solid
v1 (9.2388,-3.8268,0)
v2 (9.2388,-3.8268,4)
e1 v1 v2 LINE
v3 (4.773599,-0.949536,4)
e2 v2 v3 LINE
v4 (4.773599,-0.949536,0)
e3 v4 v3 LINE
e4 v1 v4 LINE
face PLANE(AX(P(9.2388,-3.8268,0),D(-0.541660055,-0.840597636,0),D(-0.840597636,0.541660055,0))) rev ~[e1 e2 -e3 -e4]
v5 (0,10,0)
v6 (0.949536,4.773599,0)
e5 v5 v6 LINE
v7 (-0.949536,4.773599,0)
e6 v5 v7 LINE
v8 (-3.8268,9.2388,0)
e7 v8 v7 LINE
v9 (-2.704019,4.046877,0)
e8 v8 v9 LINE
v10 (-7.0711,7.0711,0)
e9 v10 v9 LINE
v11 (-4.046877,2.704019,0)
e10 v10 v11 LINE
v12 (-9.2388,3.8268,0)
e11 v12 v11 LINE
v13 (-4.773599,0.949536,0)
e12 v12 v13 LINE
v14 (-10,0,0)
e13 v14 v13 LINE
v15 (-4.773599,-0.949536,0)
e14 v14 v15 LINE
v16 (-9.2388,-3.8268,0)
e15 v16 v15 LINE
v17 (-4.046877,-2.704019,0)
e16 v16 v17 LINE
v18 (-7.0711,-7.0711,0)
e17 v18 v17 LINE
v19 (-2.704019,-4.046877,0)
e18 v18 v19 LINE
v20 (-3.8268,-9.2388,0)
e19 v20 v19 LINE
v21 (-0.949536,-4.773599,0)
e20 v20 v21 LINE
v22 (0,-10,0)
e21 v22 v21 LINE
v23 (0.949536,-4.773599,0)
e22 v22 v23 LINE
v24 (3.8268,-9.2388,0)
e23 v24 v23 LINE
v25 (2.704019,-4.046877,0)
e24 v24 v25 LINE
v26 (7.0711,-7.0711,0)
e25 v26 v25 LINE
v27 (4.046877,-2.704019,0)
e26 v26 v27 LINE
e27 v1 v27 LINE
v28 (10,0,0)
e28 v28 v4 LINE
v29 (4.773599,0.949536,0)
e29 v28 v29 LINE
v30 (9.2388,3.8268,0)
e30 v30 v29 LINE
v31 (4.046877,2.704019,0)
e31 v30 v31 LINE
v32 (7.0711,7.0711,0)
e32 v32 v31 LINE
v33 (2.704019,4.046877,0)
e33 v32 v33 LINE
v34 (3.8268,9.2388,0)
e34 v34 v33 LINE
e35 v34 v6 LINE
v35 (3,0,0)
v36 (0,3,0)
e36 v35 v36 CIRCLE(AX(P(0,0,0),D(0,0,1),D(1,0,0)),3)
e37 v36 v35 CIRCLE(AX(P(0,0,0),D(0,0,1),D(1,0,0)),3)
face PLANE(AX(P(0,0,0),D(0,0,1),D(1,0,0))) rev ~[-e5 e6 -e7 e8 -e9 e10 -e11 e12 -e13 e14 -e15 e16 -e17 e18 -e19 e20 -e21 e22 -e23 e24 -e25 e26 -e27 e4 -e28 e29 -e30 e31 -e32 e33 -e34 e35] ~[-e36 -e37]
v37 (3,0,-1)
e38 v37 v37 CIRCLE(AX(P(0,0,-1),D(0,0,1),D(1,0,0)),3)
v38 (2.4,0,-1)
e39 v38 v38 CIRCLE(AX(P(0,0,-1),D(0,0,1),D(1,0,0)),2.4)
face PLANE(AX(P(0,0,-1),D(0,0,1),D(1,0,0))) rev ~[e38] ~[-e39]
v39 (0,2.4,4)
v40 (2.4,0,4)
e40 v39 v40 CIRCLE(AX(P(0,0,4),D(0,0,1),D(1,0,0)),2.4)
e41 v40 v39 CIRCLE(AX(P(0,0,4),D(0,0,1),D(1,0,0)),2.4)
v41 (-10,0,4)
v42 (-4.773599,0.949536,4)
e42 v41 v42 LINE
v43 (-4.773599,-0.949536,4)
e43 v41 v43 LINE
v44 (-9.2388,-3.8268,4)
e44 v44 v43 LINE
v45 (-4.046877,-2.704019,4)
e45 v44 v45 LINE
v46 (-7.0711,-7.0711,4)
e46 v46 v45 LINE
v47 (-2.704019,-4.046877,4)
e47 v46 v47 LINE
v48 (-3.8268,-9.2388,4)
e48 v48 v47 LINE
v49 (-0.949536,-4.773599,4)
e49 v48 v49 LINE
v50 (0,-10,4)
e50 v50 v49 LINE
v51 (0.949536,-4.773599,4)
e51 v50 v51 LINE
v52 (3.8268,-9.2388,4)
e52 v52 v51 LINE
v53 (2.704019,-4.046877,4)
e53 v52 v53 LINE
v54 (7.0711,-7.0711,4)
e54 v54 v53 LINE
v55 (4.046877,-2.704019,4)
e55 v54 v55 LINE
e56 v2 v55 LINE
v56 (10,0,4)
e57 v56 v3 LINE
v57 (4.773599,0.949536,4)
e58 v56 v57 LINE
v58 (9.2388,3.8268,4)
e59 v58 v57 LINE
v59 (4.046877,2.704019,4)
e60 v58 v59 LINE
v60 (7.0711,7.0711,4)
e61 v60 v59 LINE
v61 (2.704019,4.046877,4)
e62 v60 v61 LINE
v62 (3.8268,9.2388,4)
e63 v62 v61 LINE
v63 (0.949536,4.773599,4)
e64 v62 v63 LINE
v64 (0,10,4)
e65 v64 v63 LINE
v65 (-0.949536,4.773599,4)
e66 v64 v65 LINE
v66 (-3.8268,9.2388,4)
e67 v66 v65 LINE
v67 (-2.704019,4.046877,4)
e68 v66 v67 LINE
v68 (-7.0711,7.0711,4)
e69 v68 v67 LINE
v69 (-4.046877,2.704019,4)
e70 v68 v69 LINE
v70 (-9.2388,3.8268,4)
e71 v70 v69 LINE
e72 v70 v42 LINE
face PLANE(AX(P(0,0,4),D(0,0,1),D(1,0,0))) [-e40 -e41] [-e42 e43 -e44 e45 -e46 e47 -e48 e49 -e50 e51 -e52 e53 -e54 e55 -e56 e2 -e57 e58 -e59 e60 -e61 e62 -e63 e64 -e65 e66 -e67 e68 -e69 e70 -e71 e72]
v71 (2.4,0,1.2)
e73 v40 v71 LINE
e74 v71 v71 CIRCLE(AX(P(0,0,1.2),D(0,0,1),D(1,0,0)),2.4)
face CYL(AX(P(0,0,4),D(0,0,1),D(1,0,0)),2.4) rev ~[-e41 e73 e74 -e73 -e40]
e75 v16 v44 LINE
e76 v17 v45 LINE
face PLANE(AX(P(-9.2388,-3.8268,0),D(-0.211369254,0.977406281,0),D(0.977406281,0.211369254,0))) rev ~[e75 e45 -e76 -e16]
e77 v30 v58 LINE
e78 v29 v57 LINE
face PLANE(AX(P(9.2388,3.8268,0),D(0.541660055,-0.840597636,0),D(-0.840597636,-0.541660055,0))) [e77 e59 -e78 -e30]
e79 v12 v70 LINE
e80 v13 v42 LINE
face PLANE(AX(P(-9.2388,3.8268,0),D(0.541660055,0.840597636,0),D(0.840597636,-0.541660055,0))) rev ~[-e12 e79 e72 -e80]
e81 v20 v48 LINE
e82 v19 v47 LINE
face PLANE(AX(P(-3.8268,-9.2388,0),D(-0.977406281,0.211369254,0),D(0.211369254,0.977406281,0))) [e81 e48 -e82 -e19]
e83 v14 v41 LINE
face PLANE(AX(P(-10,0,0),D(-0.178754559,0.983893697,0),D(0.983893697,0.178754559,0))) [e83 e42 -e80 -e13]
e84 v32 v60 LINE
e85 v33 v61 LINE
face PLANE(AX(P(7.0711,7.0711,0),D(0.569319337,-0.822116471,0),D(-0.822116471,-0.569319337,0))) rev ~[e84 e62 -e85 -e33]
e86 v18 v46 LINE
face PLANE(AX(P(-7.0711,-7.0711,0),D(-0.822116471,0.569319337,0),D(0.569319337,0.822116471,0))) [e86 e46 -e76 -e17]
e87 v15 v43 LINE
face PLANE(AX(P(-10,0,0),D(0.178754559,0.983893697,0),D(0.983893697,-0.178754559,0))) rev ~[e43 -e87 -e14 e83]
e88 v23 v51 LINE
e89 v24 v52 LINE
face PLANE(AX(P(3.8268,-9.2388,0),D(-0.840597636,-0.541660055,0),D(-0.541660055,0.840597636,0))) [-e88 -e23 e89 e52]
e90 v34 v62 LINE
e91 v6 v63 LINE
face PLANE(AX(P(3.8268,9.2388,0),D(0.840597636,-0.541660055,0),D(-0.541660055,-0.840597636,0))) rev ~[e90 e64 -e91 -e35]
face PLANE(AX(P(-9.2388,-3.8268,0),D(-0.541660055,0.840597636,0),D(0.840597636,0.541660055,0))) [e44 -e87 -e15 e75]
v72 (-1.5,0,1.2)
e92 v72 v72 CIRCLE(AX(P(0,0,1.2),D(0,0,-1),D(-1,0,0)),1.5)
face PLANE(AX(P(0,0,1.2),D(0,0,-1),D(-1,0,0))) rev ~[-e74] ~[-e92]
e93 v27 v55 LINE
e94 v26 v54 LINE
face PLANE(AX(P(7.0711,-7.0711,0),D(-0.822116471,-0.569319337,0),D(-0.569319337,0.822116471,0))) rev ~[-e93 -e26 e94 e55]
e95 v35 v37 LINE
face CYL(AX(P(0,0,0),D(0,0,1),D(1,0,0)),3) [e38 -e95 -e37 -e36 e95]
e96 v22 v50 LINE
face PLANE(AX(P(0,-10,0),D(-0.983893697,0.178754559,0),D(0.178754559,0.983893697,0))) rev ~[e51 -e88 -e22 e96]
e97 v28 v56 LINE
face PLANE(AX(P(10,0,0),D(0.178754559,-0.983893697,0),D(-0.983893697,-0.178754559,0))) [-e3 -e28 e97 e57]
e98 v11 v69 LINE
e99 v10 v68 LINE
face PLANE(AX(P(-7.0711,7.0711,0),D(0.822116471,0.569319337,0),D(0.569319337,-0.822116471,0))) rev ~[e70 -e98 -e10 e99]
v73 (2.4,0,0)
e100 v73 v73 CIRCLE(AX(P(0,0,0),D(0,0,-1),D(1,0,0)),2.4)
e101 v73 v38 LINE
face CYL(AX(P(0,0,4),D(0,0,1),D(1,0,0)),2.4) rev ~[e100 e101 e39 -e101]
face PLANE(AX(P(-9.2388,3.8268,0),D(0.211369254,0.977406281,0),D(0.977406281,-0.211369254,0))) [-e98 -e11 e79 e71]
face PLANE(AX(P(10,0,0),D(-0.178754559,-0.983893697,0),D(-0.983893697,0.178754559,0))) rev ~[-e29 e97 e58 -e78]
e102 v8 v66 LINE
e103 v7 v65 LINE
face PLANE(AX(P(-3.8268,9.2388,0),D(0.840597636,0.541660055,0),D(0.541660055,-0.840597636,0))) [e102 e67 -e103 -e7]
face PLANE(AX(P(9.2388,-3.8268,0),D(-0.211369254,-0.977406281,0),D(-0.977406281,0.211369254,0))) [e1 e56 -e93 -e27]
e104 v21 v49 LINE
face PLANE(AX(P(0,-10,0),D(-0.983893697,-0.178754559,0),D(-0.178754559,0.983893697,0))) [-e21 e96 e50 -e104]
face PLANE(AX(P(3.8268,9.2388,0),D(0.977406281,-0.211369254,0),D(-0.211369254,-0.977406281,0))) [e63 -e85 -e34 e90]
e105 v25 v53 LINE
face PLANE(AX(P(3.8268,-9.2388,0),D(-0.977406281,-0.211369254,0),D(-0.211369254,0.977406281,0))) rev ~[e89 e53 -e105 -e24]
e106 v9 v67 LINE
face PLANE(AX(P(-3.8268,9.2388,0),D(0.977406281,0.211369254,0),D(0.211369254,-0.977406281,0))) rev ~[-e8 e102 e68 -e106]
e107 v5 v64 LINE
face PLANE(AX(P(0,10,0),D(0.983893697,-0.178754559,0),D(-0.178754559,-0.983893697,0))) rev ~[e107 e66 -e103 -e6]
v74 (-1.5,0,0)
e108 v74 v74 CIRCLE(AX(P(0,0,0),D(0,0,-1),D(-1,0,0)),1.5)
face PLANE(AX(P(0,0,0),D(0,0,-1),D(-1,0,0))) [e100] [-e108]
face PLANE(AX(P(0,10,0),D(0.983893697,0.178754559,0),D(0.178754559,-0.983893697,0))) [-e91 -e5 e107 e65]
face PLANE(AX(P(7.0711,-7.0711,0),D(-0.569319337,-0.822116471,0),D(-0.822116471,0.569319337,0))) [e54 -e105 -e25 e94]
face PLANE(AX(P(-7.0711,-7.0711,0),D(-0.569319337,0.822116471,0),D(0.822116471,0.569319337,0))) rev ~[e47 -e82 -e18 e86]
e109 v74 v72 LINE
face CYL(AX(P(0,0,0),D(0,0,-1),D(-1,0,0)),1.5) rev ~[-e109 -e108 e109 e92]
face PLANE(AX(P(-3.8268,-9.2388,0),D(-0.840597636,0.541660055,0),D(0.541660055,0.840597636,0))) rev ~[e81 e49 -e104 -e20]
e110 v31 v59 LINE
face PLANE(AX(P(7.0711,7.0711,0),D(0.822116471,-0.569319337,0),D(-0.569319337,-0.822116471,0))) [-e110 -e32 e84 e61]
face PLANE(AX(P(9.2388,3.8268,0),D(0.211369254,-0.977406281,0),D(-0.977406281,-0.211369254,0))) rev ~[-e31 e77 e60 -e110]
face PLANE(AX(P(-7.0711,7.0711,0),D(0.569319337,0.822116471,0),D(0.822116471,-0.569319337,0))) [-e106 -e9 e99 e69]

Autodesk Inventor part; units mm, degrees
ref_plane "YZ Plane" through (0, 0, 0) normal (1, 0, 0) x (0, 1, 0)
ref_plane "XZ Plane" through (0, 0, 0) normal (0, 1, 0) x (-1, 0, 0)
ref_plane "XY Plane" through (0, 0, 0) normal (0, 0, 1) x (1, 0, 0)
sketch "Szkic1" plane through (0, 0, 0) normal (0, 0, 1) x (1, 0, 0)
  circle A0 centre (0, 0) radius 2.25
  circle A1 centre (0, 0) radius 3
  dimension "d0" = 4.5
  dimension "d1" = 6
extrude "Wyciągnięcie proste1" add sketch "Szkic1" against normal blind 1
sketch "Szkic4" plane through (0, 0, 0) normal (0, 0, 1) x (1, 0, 0)
  circle A0 centre (0, 0) radius 2.25 projected
  circle A1 centre (0, 0) radius 3 projected
  circle A2 centre (0, 0) radius 3
  circle A3 centre (0, 0) radius 2.25
  circle A4 centre (0, 0) radius 3.65
  line L0 (0, 0) -> (0, 8.5)
  circle A5 centre (0, 0) radius 2.4
  line L1 (0, 8.5) -> (0, 9.5)
  line L2 (0, 8.5) -> (5.1877, 8.5) construction
  line L3 (0, 9.5) -> (0, 10)
  line L4 (0, 10) -> (1.1899, 3.4506)
  line L5 (0, 10) -> (-1.1899, 3.4506)
  line L6 (-3.8268, 9.2388) -> (-0.2212, 3.6433)
  line L7 (-3.8268, 9.2388) -> (-2.4198, 2.7326)
  line L8 (-7.0711, 7.0711) -> (-1.5985, 3.2813)
  line L9 (-7.0711, 7.0711) -> (-3.2813, 1.5985)
  line L10 (-9.2388, 3.8268) -> (-2.7326, 2.4198)
  line L11 (-9.2388, 3.8268) -> (-3.6433, 0.2212)
  line L12 (-10, 0) -> (-3.4506, 1.1899)
  line L13 (-10, 0) -> (-3.4506, -1.1899)
  line L14 (-9.2388, -3.8268) -> (-3.6433, -0.2212)
  line L15 (-9.2388, -3.8268) -> (-2.7326, -2.4198)
  line L16 (-7.0711, -7.0711) -> (-3.2813, -1.5985)
  line L17 (-7.0711, -7.0711) -> (-1.5985, -3.2813)
  line L18 (-3.8268, -9.2388) -> (-2.4198, -2.7326)
  line L19 (-3.8268, -9.2388) -> (-0.2212, -3.6433)
  line L20 (0, -10) -> (-1.1899, -3.4506)
  line L21 (0, -10) -> (1.1899, -3.4506)
  line L22 (3.8268, -9.2388) -> (0.2212, -3.6433)
  line L23 (3.8268, -9.2388) -> (2.4198, -2.7326)
  line L24 (7.0711, -7.0711) -> (1.5985, -3.2813)
  line L25 (7.0711, -7.0711) -> (3.2813, -1.5985)
  line L26 (9.2388, -3.8268) -> (2.7326, -2.4198)
  line L27 (9.2388, -3.8268) -> (3.6433, -0.2212)
  line L28 (10, 0) -> (3.4506, -1.1899)
  line L29 (10, 0) -> (3.4506, 1.1899)
  line L30 (9.2388, 3.8268) -> (3.6433, 0.2212)
  line L31 (9.2388, 3.8268) -> (2.7326, 2.4198)
  line L32 (7.0711, 7.0711) -> (3.2813, 1.5985)
  line L33 (7.0711, 7.0711) -> (1.5985, 3.2813)
  line L34 (3.8268, 9.2388) -> (2.4198, 2.7326)
  line L35 (3.8268, 9.2388) -> (0.2212, 3.6433)
  point P0 (-0.9495, 4.7736)
  point P1 (-2.704, 4.0469)
  point P2 (-4.0469, 2.704)
  point P3 (-4.7736, 0.9495)
  point P4 (-4.7736, -0.9495)
  point P5 (-4.0469, -2.704)
  point P6 (-2.704, -4.0469)
  point P7 (-0.9495, -4.7736)
  point P8 (0.9495, -4.7736)
  point P9 (2.704, -4.0469)
  point P10 (4.0469, -2.704)
  point P11 (4.7736, -0.9495)
  point P12 (4.7736, 0.9495)
  point P13 (4.0469, 2.704)
  point P14 (2.704, 4.0469)
  point P15 (0.9495, 4.7736)
  dimension "d29" = 7.3
  dimension "d44" = 8.5
  dimension "d50" = 4.8
  dimension "d51" = 1
  dimension "d76" = 0.5
  dimension "d79" = 360
extrude "Wyciągnięcie proste4" add sketch "Szkic4" along normal blind 4 contours A5 | A1 | A4 | A4 L6 L5 L3 L1 L0 | L0 L1 L3 L4 L35 A4 | L35 L4 A4 | A4 L5 L6 | L4 L35 L34 L33 A4 | A4 L8 L7 L6 L5 | L33 L34 A4 | A4 L7 L8 | L34 L33 L32 L31 A4 | A4 L10 L9 L8 L7 | L31 L32 A4 | A4 L9 L10 | L32 L31 L30 L29 A4 | A4 L12 L11 L10 L9 | L29 L30 A4 | A4 L11 L12 | L30 L29 L28 L27 A4 | A4 L14 L13 L12 L11 | A4 L13 L14 | L27 L28 A4 | L27 L26 L25 A4 L28 | A4 L16 L15 L14 L13 | A4 L15 L16 | L25 L26 A4 | L25 L24 L23 A4 L26 | A4 L18 L17 L16 L15 | A4 L17 L18 | L23 L24 A4 | L23 L22 L21 A4 L24 | A4 L20 L19 L18 L17 | A4 L19 L20 | L21 L22 A4 | L21 L20 L19 A4 L22
sketch "Szkic5" plane through (0, 0, 4) normal (0, 0, 1) x (1, 0, 0)
  circle A0 centre (0, 0) radius 2.35
  dimension "d41" = 4.7
extrude "Wyciągnięcie proste5" cut sketch "Szkic5" against normal through all
sketch "Szkic6" plane through (0, 0, 4) normal (0, 0, 1) x (1, 0, 0)
  circle A0 centre (0, 0) radius 2.4
  dimension "d57" = 4.8
extrude "Wyciągnięcie proste6" cut sketch "Szkic6" against normal through all
ref_plane "Płaszczyzna konstrukcyjna1" through (0, 0, 0) normal (0, 0, -1) x (-1, 0, 0)
sketch "Szkic7" plane through (0, 0, 0) normal (0, 0, -1) x (-1, 0, 0)
  circle A0 centre (0, 0) radius 2.4
  circle A1 centre (0, 0) radius 1.5
  dimension "d61" = 3
extrude "Wyciągnięcie proste7" add sketch "Szkic7" against normal blind 1.2
properties part number "GEAR_SERV"
